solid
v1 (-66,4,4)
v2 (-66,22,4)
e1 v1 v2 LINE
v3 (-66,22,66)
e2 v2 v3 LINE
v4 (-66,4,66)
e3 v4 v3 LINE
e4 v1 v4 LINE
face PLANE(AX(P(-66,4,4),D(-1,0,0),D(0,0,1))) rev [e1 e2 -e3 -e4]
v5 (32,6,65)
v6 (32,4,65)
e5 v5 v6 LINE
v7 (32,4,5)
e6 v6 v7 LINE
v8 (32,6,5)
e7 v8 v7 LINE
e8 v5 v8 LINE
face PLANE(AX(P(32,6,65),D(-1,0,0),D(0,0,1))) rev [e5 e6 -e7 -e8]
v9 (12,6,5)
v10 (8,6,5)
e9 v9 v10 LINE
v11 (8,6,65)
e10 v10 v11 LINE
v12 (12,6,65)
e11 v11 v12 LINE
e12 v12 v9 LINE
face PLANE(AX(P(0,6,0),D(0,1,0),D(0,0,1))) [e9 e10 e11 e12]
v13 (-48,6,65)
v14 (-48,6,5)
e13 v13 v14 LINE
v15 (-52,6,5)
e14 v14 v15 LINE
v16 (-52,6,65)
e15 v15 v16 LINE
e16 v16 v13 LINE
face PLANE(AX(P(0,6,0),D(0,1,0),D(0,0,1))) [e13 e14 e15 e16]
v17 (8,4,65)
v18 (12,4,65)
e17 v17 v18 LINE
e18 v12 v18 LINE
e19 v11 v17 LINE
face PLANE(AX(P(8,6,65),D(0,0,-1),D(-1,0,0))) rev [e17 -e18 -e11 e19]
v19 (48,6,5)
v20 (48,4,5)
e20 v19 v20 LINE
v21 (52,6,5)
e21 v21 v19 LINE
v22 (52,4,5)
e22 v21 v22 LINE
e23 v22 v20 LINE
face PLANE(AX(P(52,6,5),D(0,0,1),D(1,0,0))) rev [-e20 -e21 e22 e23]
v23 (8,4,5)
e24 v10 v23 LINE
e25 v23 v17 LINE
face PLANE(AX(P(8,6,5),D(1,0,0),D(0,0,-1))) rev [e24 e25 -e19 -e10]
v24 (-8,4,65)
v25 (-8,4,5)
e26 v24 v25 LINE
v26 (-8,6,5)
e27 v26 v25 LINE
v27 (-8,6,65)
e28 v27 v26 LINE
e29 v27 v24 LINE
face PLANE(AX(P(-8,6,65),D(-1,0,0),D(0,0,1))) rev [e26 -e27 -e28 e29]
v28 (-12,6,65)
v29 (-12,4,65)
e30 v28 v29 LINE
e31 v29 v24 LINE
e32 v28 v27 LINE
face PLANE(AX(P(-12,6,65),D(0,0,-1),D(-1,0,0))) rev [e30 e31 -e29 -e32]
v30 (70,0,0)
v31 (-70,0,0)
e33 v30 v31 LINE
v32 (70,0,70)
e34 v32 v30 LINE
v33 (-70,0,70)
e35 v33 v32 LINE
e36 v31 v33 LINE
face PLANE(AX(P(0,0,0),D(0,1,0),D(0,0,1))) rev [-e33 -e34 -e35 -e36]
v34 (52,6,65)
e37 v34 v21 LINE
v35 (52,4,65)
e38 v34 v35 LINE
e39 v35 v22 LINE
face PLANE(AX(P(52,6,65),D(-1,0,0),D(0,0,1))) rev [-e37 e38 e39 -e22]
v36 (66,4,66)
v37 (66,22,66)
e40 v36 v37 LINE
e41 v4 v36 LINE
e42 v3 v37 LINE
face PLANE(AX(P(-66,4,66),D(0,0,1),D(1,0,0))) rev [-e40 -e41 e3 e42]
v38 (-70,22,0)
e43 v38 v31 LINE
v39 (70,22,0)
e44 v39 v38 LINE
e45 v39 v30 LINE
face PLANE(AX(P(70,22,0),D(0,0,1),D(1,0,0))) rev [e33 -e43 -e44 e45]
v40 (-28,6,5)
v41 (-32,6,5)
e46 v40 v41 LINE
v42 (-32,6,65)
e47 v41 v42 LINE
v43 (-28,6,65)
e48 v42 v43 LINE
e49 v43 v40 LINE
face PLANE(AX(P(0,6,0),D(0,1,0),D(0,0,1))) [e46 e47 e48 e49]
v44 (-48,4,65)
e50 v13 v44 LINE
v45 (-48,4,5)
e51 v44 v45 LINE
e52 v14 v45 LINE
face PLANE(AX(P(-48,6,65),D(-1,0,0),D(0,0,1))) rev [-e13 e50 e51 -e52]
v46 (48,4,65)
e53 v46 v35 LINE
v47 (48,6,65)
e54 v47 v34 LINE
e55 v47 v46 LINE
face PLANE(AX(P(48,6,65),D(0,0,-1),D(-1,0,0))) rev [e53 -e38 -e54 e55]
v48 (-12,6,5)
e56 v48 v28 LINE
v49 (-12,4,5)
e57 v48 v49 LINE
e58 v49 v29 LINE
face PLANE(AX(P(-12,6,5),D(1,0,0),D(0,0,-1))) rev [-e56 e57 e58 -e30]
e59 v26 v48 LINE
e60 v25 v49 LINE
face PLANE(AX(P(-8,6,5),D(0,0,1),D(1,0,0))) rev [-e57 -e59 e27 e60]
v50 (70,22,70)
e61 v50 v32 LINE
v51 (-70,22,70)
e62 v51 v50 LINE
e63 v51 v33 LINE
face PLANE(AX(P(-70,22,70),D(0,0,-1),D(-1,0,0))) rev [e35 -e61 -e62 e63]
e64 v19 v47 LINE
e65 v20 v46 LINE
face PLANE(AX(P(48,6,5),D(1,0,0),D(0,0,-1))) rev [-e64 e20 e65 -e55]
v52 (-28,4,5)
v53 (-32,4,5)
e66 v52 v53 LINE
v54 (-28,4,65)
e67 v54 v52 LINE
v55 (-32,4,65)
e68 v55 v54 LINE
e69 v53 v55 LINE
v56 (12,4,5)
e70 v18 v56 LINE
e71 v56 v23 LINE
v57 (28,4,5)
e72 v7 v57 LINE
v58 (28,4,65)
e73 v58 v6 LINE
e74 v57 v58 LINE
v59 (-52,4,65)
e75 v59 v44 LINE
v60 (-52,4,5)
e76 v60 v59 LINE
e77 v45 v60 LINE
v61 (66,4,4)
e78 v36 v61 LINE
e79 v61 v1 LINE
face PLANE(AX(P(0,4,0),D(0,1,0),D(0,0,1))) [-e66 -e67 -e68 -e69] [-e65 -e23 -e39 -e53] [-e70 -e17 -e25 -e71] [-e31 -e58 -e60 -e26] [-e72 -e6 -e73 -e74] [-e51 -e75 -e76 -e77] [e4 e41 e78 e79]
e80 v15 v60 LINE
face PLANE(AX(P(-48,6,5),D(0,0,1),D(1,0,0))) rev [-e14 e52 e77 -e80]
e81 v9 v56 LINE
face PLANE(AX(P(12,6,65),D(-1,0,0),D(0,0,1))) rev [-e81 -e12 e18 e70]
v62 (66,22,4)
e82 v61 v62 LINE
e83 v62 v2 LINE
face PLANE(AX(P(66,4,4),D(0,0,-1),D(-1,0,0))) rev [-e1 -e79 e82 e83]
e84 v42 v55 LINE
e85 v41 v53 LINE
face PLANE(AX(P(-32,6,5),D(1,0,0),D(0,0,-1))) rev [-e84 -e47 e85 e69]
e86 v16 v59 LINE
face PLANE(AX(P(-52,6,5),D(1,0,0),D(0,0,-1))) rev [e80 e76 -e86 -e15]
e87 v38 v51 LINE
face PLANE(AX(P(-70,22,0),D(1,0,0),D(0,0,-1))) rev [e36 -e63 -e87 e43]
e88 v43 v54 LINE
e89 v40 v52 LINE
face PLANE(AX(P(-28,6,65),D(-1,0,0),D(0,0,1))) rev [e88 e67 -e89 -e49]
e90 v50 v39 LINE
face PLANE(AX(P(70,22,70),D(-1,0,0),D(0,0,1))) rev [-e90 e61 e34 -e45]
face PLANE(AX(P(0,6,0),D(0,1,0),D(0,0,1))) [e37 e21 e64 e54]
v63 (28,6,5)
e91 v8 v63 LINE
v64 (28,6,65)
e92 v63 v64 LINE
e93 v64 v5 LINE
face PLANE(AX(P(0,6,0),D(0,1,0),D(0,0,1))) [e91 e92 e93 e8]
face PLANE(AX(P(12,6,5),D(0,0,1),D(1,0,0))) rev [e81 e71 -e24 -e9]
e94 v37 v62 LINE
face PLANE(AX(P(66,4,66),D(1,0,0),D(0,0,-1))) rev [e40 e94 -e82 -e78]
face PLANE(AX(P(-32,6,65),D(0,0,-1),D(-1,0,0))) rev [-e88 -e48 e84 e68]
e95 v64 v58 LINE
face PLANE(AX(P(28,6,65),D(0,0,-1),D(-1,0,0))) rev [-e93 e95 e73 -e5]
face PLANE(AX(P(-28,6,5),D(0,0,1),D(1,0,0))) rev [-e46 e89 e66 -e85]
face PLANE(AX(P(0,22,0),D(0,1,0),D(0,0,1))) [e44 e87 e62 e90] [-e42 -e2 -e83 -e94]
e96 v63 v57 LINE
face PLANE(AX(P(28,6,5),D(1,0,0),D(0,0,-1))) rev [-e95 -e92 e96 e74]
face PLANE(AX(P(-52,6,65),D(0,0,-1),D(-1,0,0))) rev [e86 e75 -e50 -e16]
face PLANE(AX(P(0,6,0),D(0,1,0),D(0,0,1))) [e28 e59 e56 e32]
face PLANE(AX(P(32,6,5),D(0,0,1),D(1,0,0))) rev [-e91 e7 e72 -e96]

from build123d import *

# Parameters (mm, degrees)
SKETCH1_W         = 140
SKETCH1_H         = 70
TRAY_DEPTH        = 22
BASIN_START       = 22
SKETCH2_W         = 132
SKETCH2_H         = 62
BASIN_DEPTH       = 18
GRILLE_RIBS_START = 4
SKETCH3_W         = 4
SKETCH3_H         = 60
GRILLE_RIBS_DEPTH = 2


with BuildPart() as part:
    # Sketch1 → Tray (new body)
    with BuildSketch(Plane(origin=(0, 0, 0), x_dir=(1, 0, 0), z_dir=(0, 1, 0))):
        with Locations((0, -35)):
            Rectangle(SKETCH1_W, SKETCH1_H)
    extrude(amount=TRAY_DEPTH)

    # Sketch2 → Basin (cut)
    with BuildSketch(Plane(origin=(0, 0, 0), x_dir=(1, 0, 0), z_dir=(0, 1, 0)).offset(BASIN_START)):
        with Locations((0, -35)):
            Rectangle(SKETCH2_W, SKETCH2_H)
    extrude(amount=-BASIN_DEPTH, mode=Mode.SUBTRACT)

    # Sketch3 → Grille_Ribs (add)
    with BuildSketch(Plane(origin=(0, 0, 0), x_dir=(1, 0, 0), z_dir=(0, 1, 0)).offset(GRILLE_RIBS_START)):
        with Locations((-50, -35)):
            Rectangle(SKETCH3_W, SKETCH3_H)
        with Locations((-30, -35)):
            Rectangle(SKETCH3_W, SKETCH3_H)
        with Locations((-10, -35)):
            Rectangle(SKETCH3_W, SKETCH3_H)
        with Locations((10, -35)):
            Rectangle(SKETCH3_W, SKETCH3_H)
        with Locations((30, -35)):
            Rectangle(SKETCH3_W, SKETCH3_H)
        with Locations((50, -35)):
            Rectangle(SKETCH3_W, SKETCH3_H)
    extrude(amount=GRILLE_RIBS_DEPTH)


solid = part.part
